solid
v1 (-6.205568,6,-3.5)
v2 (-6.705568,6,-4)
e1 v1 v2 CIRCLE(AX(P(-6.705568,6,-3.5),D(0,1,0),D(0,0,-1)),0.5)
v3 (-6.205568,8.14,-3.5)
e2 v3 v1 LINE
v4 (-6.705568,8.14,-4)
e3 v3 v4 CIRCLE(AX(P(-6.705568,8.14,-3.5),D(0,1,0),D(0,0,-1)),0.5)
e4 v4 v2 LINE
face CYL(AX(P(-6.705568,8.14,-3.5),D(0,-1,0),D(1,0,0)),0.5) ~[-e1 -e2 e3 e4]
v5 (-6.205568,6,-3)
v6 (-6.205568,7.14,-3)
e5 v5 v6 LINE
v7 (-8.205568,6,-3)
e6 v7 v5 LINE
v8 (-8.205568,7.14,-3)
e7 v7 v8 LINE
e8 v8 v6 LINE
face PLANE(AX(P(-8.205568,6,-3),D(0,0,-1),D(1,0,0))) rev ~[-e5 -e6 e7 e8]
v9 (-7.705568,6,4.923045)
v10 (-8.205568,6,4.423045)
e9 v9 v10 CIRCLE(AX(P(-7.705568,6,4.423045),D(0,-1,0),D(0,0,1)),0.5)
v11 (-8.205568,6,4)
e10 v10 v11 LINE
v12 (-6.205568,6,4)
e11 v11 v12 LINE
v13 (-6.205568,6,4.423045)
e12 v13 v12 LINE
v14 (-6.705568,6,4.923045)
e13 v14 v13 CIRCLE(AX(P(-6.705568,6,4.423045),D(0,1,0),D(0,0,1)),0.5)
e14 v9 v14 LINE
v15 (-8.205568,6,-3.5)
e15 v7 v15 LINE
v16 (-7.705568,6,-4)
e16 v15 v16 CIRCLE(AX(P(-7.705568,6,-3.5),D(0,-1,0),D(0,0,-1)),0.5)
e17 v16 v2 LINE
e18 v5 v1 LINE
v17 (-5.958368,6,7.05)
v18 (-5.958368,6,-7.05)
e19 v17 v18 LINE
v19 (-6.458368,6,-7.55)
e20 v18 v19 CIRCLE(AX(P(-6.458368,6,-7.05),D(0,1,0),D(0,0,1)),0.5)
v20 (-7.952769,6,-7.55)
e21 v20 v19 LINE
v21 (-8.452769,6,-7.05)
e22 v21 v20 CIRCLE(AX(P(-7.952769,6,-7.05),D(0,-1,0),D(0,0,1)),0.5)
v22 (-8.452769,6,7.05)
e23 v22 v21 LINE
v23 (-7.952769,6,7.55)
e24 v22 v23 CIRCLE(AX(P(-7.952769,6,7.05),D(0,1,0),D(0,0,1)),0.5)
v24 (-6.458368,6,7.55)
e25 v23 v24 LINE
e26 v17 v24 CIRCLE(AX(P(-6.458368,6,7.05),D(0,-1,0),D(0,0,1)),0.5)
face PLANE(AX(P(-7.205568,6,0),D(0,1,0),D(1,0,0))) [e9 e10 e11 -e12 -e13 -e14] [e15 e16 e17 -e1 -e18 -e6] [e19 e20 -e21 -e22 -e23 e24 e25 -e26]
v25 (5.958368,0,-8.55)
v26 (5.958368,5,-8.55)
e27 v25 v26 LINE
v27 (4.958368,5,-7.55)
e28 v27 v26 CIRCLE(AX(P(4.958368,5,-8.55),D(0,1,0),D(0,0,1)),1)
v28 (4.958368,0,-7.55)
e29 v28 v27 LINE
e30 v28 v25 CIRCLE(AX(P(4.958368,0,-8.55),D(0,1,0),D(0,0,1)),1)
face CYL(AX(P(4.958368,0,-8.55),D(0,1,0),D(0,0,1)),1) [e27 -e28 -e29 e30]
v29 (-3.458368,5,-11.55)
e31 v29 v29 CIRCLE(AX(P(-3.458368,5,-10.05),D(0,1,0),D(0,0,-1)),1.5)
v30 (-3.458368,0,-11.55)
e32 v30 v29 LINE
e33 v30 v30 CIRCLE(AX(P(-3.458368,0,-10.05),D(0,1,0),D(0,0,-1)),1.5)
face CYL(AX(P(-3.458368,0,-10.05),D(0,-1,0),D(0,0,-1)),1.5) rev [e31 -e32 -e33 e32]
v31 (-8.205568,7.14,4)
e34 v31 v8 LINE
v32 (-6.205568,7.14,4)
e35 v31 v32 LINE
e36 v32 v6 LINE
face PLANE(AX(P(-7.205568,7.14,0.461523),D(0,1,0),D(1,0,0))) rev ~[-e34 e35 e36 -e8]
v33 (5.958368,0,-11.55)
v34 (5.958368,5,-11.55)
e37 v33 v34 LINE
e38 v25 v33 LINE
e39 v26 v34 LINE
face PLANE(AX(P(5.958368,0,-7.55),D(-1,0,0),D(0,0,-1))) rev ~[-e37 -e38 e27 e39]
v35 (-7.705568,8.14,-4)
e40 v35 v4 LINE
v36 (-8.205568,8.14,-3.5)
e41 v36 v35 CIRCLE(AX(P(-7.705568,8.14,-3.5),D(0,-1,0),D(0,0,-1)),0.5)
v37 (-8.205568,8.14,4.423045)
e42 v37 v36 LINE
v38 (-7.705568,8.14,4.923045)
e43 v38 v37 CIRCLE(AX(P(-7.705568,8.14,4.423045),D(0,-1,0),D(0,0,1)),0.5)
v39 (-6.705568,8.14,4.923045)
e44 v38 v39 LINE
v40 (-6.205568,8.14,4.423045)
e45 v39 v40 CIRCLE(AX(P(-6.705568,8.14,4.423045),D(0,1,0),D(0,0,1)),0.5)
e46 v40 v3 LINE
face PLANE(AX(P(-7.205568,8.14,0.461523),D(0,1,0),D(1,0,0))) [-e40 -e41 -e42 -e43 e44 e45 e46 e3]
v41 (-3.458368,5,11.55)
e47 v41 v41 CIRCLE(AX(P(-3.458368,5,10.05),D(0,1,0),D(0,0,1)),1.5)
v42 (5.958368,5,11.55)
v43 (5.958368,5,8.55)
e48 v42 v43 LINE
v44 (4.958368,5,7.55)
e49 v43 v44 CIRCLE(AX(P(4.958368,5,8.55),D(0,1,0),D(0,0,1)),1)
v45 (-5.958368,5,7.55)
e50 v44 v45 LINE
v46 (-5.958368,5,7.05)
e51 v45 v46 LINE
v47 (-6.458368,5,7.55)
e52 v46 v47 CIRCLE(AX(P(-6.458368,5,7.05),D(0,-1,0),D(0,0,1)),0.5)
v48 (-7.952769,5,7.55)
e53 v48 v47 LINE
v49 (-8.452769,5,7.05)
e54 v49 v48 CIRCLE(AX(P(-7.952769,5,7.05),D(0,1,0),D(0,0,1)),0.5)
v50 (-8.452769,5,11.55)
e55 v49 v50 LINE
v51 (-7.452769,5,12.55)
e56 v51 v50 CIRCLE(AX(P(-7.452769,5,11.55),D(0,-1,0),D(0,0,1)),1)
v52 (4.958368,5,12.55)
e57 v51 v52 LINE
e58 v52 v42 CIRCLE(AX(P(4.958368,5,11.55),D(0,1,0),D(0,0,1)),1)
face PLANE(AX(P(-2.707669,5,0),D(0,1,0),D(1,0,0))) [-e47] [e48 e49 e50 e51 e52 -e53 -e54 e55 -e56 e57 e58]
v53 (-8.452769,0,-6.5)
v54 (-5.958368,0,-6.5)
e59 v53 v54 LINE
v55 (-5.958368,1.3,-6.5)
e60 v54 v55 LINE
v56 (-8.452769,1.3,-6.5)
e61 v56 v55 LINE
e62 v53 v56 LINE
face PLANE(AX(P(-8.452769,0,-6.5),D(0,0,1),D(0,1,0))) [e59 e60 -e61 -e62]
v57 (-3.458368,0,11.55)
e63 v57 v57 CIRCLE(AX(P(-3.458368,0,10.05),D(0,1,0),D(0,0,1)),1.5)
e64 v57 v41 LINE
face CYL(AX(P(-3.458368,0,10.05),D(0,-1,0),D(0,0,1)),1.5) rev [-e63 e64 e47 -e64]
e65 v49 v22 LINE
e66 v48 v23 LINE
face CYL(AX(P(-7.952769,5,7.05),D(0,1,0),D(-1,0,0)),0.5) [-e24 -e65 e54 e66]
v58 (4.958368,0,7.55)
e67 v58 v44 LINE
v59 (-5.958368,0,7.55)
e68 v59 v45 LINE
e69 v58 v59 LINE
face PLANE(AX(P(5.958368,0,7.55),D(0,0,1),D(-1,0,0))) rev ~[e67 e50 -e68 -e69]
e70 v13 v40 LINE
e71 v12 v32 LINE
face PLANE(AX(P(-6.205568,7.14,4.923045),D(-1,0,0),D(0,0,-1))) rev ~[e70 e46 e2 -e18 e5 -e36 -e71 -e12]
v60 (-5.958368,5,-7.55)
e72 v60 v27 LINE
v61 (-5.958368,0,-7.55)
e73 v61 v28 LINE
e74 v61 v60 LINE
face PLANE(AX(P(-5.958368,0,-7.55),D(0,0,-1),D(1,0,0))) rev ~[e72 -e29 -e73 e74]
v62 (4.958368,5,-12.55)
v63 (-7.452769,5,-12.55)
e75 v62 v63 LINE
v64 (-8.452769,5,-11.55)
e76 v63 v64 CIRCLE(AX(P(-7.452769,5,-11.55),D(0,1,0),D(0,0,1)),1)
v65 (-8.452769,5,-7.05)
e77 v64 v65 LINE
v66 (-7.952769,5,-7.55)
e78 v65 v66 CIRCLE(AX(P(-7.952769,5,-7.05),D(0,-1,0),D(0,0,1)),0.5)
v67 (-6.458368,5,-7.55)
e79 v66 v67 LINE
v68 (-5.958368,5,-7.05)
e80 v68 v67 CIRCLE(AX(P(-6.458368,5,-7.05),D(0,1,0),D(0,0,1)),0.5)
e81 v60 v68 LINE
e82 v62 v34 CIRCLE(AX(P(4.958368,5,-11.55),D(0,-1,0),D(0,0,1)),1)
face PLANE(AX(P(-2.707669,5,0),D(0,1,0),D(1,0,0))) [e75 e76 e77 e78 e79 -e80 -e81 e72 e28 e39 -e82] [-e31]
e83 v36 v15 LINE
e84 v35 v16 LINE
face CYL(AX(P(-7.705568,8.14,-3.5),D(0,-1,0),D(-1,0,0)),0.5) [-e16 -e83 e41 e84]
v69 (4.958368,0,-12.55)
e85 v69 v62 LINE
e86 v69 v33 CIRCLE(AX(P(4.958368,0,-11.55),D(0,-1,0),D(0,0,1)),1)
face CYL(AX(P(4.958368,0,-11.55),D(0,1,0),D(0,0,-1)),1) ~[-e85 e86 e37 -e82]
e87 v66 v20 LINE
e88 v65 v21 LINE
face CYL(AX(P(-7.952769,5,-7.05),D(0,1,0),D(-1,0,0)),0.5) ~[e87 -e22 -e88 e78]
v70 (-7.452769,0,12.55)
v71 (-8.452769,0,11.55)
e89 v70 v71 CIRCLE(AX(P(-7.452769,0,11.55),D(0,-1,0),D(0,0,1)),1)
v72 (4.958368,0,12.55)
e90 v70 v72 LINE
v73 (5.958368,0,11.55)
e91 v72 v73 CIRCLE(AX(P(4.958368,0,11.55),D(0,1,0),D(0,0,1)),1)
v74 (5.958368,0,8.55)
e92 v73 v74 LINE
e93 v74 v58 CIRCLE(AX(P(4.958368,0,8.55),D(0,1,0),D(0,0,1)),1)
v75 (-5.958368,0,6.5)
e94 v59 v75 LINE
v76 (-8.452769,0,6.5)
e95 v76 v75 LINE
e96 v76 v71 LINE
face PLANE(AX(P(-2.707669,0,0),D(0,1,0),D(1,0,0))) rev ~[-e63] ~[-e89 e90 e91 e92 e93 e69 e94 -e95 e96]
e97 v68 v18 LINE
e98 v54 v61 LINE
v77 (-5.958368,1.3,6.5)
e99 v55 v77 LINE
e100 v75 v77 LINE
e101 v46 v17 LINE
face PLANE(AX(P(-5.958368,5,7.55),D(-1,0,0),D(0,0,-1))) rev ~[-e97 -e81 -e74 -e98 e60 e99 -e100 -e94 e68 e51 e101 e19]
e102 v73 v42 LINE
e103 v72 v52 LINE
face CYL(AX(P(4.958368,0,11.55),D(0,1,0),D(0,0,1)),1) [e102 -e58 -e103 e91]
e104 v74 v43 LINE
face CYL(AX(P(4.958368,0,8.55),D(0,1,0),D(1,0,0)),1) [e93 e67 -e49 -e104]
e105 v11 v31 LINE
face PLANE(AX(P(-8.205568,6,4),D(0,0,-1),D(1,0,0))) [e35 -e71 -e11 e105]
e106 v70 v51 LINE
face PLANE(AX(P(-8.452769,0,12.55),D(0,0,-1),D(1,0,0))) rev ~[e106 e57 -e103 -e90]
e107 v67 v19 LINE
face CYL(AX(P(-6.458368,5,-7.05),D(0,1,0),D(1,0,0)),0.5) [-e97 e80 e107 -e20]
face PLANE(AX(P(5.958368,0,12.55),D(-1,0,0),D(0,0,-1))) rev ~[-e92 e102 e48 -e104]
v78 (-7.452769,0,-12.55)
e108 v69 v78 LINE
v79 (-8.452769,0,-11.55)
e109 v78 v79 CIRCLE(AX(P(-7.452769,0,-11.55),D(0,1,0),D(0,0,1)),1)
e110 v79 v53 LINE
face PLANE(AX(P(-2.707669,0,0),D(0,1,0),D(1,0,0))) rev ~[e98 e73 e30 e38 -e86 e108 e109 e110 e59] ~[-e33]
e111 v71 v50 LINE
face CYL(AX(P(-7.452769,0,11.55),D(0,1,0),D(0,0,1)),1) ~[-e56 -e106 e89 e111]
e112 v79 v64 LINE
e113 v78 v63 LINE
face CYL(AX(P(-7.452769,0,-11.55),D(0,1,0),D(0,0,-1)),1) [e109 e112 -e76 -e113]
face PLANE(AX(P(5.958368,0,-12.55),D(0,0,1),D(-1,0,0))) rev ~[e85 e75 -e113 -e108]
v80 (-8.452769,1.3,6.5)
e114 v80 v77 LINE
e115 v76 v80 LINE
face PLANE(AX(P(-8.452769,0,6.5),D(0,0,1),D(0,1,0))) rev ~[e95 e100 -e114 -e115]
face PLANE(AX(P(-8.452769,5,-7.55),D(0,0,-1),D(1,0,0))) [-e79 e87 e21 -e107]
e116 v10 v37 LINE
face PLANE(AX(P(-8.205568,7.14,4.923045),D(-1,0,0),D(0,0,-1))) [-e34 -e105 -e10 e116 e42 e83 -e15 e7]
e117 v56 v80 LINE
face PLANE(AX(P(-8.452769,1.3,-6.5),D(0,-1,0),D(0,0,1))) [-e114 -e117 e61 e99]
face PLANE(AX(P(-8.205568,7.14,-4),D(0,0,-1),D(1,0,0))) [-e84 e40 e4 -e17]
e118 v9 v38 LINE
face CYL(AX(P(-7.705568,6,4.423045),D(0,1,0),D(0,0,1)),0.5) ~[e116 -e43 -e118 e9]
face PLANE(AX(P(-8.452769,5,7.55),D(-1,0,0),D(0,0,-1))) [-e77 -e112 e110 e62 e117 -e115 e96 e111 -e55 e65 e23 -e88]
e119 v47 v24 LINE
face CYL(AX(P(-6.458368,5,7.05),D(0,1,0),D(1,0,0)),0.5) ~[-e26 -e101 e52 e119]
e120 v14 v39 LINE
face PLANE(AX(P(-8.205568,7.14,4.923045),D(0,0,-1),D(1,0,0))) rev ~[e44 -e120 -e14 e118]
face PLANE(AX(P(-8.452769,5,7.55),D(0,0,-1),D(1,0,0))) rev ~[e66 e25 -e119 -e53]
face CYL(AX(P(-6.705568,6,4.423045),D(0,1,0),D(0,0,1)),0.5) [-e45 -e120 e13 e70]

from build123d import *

# Parameters (mm, degrees)
SKETCH1_R           = 1.5
BOSS_EXTRUDE1_DEPTH = 5
SKETCH2_W           = 2.494401268
SKETCH2_H           = 15.1
BOSS_EXTRUDE2_DEPTH = 1
SKETCH3_W           = 13
SKETCH3_H           = 1.3
CUT_EXTRUDE1_DEPTH  = 21.029562163
SKETCH4_W           = 2
SKETCH4_H           = 0.923045376
SKETCH4_H_2         = 1
BOSS_EXTRUDE3_DEPTH = 1.14
SKETCH5_W           = 2
SKETCH5_H           = 8.923045376
BOSS_EXTRUDE4_DEPTH = 1
FILLET1_R           = 1
FILLET2_R           = 0.5


with BuildPart() as part:
    # Sketch1 → Boss-Extrude1 (new body)
    with BuildSketch(Plane(origin=(0, 0, 0), x_dir=(1, 0, 0), z_dir=(0, 1, 0))):
        Polygon((5.958367707, 12.55), (-5.958367707, 12.55), (-8.452768975, 12.55), (-8.452768975, -12.55), (-5.958367707, -12.55), (5.958367707, -12.55), (5.958367707, -7.55), (-5.958367707, -7.55), (-5.958367707, 7.55), (5.958367707, 7.55), align=None)
        with Locations(Location((-3.458367707, -10.05, 0), (0, 0, 270))):
            Circle(SKETCH1_R, mode=Mode.SUBTRACT)
        with Locations(Location((-3.458367707, 10.05, 0), (0, 0, 90))):
            Circle(SKETCH1_R, mode=Mode.SUBTRACT)
    extrude(amount=BOSS_EXTRUDE1_DEPTH)

    # Sketch2 → Boss-Extrude2 (add)
    with BuildSketch(Plane(origin=(0, 5, 0), x_dir=(1, 0, 0), z_dir=(0, 1, 0))):
        with Locations((-7.205568341, 0)):
            Rectangle(SKETCH2_W, SKETCH2_H)
    extrude(amount=BOSS_EXTRUDE2_DEPTH)

    # Sketch3 → Cut-Extrude1 (cut, through all)
    with BuildSketch(Plane.ZY.offset(8.452768975)):
        with Locations((0, 0.65)):
            Rectangle(SKETCH3_W, SKETCH3_H)
    extrude(amount=-CUT_EXTRUDE1_DEPTH, mode=Mode.SUBTRACT)

    # Sketch4 → Boss-Extrude3 (add)
    with BuildSketch(Plane(origin=(0, 6, 0), x_dir=(1, 0, 0), z_dir=(0, 1, 0))):
        with Locations((-7.205568341, -4.461522688)):
            Rectangle(SKETCH4_W, SKETCH4_H)
        with Locations((-7.205568341, 3.5)):
            Rectangle(SKETCH4_W, SKETCH4_H_2)
    extrude(amount=BOSS_EXTRUDE3_DEPTH)

    # Sketch5 → Boss-Extrude4 (add)
    with BuildSketch(Plane(origin=(0, 7.14, 0), x_dir=(1, 0, 0), z_dir=(0, 1, 0))):
        with Locations((-7.205568341, -0.461522688)):
            Rectangle(SKETCH5_W, SKETCH5_H)
    extrude(amount=BOSS_EXTRUDE4_DEPTH)

    # Fillet1
    fillet1_edges = [part.edges().sort_by_distance(p)[0] for p in [
        (5.958367707, 2.5, -7.55),
        (5.958367707, 2.5, 7.55),
        (5.958367707, 2.5, 12.55),
        (-8.452768975, 2.5, 12.55),
        (-8.452768975, 2.5, -12.55),
        (5.958367707, 2.5, -12.55),
    ]]
    fillet(fillet1_edges, radius=FILLET1_R)

    # Fillet2
    fillet2_edges = [part.edges().sort_by_distance(p)[0] for p in [
        (-5.958367707, 5.5, 7.55),
        (-5.958367707, 5.5, -7.55),
        (-8.452768975, 5.5, -7.55),
        (-8.452768975, 5.5, 7.55),
        (-8.205568341, 7.07, 4.923045376),
        (-6.205568341, 7.07, 4.923045376),
        (-6.205568341, 7.07, -4),
        (-8.205568341, 7.07, -4),
    ]]
    fillet(fillet2_edges, radius=FILLET2_R)


solid = part.part
